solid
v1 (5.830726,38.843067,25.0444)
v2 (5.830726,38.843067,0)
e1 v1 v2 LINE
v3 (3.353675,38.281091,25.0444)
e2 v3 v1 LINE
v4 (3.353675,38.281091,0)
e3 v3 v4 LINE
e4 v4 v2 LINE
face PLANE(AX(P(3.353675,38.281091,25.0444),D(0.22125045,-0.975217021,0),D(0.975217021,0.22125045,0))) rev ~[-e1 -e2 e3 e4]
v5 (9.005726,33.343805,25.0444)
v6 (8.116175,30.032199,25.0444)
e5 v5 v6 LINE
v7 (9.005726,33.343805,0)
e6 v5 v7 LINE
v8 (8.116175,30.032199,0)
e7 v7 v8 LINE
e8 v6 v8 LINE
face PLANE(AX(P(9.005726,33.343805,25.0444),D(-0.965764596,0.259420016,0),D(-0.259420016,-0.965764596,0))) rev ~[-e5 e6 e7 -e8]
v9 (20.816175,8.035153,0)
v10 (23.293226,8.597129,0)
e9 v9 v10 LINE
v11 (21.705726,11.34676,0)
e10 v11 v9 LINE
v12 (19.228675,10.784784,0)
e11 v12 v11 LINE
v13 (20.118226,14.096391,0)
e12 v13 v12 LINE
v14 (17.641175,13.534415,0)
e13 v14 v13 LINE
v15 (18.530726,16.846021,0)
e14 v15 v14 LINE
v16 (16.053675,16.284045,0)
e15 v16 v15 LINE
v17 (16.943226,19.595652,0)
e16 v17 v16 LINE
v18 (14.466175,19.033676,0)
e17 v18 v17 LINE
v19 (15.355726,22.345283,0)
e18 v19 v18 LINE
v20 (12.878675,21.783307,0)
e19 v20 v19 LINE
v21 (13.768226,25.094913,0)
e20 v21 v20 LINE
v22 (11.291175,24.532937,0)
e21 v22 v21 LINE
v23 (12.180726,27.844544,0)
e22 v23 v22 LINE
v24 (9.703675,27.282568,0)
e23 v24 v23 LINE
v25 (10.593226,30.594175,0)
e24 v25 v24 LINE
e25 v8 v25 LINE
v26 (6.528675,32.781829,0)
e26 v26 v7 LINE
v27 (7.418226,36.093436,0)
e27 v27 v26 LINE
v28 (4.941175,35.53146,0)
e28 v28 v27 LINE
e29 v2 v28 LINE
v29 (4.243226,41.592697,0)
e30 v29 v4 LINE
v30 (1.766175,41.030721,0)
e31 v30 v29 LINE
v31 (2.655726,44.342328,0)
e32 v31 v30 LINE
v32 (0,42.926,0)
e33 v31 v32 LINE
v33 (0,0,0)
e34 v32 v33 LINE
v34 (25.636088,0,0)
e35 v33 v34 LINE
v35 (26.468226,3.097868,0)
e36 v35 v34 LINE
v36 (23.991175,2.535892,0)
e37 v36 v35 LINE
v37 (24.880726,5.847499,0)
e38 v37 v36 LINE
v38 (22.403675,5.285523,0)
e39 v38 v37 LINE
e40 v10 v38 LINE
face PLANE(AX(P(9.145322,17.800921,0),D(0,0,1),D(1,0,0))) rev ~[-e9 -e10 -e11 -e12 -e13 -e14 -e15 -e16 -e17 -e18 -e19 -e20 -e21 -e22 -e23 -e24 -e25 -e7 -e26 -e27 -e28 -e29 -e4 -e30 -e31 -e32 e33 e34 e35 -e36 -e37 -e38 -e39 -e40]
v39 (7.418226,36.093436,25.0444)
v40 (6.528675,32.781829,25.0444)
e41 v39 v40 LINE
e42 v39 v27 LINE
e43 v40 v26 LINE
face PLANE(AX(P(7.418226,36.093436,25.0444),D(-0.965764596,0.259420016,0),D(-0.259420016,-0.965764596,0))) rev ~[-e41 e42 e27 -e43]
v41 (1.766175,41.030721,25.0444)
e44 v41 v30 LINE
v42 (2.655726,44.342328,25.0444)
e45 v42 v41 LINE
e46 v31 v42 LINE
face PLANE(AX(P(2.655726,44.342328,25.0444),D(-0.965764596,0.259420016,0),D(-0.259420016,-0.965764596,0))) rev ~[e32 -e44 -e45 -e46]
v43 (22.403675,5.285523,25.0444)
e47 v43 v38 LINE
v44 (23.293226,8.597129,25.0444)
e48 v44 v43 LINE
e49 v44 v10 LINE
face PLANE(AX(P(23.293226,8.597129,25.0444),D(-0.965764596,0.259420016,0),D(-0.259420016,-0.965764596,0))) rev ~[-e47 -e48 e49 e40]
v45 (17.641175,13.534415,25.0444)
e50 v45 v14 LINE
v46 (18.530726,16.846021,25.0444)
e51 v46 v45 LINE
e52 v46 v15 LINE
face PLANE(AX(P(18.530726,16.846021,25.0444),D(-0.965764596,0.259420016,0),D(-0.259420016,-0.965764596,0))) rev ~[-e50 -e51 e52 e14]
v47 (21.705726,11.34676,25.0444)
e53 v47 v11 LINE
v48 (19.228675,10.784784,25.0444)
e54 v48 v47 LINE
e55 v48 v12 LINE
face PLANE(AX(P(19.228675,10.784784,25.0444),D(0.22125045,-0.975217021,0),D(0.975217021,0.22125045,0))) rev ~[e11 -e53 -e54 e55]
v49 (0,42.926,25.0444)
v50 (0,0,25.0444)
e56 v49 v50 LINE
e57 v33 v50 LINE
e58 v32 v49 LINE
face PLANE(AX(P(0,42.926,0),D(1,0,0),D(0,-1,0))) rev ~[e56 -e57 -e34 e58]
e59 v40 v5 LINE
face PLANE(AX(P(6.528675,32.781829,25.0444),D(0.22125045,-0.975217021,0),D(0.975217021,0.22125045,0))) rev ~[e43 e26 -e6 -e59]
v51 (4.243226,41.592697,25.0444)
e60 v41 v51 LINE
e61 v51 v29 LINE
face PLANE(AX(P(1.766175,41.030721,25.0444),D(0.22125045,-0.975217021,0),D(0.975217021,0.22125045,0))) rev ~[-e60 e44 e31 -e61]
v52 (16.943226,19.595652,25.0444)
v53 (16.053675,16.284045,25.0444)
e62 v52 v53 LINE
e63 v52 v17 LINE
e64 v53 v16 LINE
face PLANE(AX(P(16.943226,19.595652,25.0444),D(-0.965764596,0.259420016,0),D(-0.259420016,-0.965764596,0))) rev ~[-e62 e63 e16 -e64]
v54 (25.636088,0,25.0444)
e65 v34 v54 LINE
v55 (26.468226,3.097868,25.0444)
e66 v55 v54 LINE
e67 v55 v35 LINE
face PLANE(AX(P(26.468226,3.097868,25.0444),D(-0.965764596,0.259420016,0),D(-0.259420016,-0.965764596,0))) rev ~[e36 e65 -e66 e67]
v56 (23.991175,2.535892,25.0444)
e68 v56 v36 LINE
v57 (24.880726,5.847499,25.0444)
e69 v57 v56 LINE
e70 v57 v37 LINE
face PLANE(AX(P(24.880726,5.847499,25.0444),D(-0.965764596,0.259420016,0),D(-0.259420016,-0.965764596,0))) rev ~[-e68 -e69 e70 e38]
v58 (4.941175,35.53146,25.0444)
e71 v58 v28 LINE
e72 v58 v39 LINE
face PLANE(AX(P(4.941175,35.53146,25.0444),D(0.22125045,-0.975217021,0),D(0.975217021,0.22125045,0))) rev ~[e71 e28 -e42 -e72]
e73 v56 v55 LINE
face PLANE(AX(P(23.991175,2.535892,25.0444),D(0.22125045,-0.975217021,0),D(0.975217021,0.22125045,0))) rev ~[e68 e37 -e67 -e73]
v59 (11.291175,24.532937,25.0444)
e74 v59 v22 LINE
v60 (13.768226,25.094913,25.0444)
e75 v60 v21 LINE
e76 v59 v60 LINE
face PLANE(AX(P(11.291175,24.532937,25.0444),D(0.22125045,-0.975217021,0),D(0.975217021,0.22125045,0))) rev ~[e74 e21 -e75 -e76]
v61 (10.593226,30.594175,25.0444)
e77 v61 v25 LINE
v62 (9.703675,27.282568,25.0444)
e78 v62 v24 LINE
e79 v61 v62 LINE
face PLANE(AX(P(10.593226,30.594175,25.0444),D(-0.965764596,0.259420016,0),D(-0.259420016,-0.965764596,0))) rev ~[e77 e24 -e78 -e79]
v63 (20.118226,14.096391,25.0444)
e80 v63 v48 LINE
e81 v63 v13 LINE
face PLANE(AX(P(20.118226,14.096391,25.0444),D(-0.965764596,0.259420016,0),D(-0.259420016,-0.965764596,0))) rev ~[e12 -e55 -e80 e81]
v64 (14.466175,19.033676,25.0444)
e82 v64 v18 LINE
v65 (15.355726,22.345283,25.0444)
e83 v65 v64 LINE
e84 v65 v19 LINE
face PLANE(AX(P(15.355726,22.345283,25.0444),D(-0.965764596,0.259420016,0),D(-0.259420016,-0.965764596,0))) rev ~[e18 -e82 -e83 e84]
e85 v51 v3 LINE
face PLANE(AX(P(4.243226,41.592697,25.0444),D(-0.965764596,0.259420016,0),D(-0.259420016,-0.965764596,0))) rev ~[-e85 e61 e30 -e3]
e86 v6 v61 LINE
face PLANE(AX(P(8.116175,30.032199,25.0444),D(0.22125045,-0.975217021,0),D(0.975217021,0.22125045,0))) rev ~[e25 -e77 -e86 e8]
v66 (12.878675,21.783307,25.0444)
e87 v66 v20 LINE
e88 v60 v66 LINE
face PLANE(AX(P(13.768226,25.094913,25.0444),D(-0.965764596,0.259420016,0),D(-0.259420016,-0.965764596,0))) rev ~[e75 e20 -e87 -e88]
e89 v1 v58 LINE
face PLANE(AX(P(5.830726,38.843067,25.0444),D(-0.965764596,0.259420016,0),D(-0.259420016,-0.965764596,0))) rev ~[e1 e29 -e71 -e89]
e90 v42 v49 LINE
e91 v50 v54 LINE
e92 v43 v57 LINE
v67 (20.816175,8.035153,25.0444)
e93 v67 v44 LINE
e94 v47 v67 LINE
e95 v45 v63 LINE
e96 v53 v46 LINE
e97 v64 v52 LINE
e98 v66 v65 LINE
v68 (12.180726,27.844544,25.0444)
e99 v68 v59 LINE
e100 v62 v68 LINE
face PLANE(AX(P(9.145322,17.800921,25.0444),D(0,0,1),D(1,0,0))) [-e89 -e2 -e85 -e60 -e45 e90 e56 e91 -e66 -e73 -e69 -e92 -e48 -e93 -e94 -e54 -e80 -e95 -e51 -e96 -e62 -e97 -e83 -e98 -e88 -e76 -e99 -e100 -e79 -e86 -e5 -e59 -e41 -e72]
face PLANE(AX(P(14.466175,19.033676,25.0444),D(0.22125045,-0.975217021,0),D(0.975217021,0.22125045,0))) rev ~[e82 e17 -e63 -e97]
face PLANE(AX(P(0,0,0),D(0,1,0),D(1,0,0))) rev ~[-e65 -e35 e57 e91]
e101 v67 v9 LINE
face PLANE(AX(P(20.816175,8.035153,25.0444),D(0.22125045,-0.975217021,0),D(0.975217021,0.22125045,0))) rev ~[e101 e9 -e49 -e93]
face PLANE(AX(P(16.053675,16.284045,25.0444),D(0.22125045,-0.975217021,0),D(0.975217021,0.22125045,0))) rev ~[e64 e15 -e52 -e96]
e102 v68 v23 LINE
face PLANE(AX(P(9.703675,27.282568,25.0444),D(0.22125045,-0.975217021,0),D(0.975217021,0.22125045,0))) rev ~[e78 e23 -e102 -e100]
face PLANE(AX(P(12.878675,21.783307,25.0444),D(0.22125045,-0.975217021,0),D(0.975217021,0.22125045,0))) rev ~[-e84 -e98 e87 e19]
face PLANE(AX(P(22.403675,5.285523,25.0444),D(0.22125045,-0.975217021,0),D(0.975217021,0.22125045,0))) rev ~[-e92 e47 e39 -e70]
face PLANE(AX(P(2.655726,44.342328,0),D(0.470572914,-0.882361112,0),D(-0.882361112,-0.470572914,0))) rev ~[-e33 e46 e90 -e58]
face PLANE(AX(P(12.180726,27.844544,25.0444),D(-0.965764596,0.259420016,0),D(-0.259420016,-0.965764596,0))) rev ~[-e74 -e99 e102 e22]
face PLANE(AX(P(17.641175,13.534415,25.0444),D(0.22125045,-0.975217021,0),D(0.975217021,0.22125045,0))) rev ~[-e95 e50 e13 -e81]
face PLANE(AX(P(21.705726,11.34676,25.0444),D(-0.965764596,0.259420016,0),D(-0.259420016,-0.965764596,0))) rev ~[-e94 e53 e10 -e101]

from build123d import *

# Parameters (mm, degrees)
BOSS_EXTRUDE1_DEPTH = 25.0444
CUT_EXTRUDE1_DEPTH  = 58.602407639
LPATTERN1_COUNT     = 17
LPATTERN1_PITCH     = 3.175


with BuildPart() as part:
    # Sketch1 → Boss-Extrude1 (new body)
    with BuildSketch(Plane.XY):
        Polygon((0, 42.926), (0, 0), (25.908, 0), (26.917900092, 2.319009706), (2.655725985, 44.342327962), align=None)
    extrude(amount=BOSS_EXTRUDE1_DEPTH)

    # Sketch2 → Cut-Extrude1 (cut, through all)
    with BuildSketch(Plane.XY.offset(25.0444)):
        Polygon((2.655725985, 44.342327962), (1.766174751, 41.030721161), (4.243225985, 41.592697305), align=None)
    cut_extrude1 = extrude(amount=-CUT_EXTRUDE1_DEPTH, mode=Mode.SUBTRACT)

    # LPattern1: Cut-Extrude1 ×17
    with Locations(*[Vector(0.5000000000000007, -0.8660254037844384, 0) * (i * LPATTERN1_PITCH) for i in range(1, LPATTERN1_COUNT)]):
        add(cut_extrude1, mode=Mode.SUBTRACT)


solid = part.part
